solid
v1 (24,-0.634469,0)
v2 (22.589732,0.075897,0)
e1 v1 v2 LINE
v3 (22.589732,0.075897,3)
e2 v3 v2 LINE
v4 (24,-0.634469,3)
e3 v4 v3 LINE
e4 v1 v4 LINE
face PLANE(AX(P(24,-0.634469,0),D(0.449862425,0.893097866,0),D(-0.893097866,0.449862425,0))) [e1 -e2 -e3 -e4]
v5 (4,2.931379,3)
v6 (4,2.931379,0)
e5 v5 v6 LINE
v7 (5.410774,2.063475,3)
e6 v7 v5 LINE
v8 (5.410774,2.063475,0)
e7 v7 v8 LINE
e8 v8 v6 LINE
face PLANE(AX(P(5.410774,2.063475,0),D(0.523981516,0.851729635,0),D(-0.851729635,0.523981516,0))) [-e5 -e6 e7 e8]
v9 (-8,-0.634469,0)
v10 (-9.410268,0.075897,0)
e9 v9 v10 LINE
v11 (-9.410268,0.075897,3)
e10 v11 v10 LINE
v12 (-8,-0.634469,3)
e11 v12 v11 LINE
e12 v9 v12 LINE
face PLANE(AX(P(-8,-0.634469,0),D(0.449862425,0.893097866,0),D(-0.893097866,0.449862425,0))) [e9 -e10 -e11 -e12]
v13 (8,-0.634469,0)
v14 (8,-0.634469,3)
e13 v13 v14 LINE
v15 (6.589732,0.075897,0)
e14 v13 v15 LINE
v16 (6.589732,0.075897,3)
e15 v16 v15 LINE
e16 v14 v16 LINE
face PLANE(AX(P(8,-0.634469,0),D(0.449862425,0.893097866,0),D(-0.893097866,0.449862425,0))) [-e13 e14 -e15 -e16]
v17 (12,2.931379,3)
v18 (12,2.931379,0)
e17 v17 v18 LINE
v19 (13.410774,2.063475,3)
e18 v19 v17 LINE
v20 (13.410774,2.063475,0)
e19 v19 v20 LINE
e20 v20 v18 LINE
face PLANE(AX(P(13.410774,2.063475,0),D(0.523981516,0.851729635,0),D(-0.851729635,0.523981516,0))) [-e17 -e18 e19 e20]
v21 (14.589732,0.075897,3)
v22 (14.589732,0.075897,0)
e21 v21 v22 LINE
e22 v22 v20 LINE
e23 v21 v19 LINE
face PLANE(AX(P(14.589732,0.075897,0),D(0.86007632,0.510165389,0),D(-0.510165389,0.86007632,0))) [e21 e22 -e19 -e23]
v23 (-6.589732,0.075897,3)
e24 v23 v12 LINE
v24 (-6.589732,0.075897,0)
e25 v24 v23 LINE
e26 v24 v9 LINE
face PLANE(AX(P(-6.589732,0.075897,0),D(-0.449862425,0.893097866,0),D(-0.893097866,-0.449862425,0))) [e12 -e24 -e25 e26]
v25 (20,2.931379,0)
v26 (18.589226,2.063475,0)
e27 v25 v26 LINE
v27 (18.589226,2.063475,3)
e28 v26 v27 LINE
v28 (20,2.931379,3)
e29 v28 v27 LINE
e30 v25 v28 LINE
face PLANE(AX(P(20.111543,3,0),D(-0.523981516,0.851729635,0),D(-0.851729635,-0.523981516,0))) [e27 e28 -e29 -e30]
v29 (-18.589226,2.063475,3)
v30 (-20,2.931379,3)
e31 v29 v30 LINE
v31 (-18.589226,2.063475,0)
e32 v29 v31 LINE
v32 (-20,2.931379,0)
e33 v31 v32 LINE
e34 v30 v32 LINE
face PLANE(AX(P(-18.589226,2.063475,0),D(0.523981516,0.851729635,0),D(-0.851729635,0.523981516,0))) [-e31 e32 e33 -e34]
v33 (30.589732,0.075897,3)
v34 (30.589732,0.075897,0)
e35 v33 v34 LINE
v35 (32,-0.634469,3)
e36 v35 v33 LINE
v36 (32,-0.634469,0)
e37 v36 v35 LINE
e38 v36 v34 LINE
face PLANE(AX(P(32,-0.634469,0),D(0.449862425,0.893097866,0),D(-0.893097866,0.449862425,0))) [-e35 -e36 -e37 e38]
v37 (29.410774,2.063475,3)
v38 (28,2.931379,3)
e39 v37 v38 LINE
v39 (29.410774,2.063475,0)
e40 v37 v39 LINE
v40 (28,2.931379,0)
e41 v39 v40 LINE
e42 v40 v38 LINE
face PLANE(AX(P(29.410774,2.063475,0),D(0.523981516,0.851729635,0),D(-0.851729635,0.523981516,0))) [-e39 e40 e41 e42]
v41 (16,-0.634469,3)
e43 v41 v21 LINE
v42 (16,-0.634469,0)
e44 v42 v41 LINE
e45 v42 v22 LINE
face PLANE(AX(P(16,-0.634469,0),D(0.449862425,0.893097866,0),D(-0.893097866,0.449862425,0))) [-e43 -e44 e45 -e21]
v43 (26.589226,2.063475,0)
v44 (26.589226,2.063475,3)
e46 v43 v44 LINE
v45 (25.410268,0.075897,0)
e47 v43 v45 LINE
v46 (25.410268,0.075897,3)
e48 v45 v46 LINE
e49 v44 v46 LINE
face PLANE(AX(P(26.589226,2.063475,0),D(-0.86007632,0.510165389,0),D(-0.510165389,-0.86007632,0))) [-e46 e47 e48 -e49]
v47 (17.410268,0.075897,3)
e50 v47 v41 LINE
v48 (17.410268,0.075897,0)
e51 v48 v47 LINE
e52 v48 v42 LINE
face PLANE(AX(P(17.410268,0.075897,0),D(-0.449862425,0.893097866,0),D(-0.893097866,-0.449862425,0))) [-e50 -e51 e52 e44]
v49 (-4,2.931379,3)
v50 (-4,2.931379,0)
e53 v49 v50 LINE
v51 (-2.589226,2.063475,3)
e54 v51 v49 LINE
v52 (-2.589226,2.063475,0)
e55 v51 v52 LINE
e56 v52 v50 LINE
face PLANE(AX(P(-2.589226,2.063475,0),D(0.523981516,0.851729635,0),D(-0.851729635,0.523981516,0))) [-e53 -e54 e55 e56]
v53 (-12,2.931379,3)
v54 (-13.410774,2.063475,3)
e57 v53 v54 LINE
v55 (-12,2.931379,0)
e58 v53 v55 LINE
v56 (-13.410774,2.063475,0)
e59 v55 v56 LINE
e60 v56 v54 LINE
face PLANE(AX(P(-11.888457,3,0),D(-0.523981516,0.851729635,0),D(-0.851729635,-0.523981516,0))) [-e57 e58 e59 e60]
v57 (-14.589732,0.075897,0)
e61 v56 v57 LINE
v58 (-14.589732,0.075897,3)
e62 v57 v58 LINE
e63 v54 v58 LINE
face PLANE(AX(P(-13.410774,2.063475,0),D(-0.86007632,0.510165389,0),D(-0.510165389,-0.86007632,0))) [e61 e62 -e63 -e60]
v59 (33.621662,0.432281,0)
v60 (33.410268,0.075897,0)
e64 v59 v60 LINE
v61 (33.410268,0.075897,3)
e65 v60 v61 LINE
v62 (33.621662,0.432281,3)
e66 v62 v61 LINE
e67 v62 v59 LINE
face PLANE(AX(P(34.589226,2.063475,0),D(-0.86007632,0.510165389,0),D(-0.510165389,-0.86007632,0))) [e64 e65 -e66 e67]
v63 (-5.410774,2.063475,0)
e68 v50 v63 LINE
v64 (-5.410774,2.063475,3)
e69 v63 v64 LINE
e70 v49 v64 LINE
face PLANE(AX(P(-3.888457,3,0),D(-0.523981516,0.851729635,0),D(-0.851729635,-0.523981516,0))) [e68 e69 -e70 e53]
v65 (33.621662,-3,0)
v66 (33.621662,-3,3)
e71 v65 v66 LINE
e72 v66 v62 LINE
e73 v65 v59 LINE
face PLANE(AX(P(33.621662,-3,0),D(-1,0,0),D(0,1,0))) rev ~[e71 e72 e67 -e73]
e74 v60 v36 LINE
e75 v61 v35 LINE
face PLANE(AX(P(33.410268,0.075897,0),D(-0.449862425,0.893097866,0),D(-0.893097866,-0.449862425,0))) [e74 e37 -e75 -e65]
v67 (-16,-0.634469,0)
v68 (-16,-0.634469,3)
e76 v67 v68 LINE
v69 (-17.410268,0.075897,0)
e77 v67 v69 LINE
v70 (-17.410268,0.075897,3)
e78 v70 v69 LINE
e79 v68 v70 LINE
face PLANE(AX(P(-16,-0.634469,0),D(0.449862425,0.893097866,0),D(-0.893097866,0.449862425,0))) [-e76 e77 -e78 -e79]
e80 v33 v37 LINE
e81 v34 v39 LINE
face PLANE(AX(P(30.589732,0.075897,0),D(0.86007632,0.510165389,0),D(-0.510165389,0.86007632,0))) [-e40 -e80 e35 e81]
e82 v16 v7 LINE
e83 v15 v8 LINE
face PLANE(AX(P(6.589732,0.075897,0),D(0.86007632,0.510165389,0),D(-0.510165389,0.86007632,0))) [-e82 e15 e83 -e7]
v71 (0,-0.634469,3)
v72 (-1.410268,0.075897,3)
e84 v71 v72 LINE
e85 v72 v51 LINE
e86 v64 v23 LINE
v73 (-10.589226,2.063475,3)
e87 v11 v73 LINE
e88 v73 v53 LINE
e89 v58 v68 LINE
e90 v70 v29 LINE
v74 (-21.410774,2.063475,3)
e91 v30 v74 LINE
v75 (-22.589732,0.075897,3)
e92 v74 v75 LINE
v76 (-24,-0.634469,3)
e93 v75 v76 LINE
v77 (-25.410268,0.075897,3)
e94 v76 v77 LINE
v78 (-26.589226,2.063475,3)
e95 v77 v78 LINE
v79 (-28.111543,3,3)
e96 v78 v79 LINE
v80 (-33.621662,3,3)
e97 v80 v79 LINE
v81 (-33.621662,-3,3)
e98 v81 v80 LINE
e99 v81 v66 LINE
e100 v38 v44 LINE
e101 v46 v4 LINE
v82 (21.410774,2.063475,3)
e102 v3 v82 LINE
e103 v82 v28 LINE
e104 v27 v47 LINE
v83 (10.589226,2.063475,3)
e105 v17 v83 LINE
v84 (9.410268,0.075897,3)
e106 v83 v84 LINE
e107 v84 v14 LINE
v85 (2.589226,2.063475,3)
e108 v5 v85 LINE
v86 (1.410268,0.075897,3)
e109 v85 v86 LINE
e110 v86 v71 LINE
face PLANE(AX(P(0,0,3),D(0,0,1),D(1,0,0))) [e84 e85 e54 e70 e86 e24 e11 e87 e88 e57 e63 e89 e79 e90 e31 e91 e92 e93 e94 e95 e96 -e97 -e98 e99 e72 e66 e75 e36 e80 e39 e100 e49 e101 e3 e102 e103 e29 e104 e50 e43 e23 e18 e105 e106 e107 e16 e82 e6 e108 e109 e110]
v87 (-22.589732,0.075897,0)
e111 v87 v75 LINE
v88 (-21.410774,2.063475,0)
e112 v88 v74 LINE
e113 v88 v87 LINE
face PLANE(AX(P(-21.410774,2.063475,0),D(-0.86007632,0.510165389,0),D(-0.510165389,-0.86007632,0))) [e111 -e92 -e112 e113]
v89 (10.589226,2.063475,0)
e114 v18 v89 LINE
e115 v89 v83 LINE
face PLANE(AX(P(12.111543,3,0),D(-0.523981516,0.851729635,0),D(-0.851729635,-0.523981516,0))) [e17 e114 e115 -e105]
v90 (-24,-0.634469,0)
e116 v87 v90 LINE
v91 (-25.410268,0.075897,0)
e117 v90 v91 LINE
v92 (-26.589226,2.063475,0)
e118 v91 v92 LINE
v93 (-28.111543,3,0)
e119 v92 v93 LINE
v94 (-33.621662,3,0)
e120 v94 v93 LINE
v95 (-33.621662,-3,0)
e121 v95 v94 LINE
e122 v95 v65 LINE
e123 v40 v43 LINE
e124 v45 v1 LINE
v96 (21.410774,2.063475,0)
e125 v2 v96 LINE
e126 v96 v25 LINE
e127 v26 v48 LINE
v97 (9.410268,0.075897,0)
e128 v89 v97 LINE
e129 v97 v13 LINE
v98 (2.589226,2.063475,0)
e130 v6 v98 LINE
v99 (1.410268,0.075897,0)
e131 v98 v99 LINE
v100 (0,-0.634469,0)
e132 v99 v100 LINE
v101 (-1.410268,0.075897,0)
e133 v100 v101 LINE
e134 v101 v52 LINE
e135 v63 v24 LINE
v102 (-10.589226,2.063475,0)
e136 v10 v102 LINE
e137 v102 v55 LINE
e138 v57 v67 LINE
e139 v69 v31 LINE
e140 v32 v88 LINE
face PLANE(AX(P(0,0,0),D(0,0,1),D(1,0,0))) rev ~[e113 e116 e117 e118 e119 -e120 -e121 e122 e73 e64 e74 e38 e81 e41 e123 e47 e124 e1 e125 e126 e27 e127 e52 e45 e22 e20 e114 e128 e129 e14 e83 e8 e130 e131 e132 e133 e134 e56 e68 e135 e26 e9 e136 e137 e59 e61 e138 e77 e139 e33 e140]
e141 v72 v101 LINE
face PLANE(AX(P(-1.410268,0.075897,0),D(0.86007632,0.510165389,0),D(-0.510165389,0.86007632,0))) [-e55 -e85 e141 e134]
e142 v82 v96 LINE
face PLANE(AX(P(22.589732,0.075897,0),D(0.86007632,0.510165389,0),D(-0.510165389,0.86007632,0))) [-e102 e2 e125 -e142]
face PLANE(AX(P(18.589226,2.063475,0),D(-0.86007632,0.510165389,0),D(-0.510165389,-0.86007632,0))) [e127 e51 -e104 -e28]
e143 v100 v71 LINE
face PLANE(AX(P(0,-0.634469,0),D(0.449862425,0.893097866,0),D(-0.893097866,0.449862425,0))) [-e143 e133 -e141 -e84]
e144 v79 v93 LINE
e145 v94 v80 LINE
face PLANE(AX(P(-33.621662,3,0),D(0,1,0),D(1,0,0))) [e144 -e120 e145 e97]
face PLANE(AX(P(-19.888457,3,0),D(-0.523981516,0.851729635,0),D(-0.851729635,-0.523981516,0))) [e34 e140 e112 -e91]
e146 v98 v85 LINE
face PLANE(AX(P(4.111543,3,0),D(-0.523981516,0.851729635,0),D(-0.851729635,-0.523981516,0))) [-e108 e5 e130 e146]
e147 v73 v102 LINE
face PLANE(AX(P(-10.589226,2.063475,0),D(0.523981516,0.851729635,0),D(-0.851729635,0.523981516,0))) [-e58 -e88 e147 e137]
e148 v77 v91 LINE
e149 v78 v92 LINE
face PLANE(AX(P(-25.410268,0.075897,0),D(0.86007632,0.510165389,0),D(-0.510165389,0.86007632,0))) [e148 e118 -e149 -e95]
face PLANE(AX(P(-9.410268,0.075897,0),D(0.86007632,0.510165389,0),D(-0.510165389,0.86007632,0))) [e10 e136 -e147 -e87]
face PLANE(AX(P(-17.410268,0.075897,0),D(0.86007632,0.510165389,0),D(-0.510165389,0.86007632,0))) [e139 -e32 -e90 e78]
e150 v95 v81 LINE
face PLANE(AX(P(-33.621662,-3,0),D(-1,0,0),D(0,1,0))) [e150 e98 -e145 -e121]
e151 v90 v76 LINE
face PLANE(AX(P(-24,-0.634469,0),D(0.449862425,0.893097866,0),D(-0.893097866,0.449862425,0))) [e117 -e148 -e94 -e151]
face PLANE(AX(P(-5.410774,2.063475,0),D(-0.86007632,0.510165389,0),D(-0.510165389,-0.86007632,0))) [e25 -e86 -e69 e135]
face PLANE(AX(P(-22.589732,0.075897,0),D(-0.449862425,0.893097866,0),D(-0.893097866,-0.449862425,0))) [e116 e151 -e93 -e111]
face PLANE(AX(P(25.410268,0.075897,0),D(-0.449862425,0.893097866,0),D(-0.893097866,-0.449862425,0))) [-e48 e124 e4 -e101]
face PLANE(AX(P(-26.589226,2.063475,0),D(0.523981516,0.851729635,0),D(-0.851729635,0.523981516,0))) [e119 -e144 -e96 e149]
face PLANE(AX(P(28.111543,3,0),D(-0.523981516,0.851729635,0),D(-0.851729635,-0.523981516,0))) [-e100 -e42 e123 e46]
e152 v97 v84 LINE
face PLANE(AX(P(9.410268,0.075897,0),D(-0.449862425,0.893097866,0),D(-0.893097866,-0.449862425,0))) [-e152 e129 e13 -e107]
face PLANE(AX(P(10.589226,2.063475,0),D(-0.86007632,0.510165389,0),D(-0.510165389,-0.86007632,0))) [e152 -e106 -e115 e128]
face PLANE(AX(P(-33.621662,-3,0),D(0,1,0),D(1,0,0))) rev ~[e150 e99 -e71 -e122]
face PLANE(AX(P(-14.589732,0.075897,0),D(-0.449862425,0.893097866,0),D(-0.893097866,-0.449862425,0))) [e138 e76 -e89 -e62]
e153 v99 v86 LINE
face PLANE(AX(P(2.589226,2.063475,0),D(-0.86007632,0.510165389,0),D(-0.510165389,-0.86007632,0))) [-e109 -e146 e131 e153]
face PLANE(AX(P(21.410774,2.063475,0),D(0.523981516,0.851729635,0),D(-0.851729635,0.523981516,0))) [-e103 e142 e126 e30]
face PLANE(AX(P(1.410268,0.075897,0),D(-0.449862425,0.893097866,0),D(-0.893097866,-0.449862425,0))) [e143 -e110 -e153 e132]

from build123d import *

# Parameters (mm, degrees)
SKETCH1_W            = 67.243323526
SKETCH1_H            = 6
BOSS_EXTRUDE1_DEPTH  = 3
CUT_EXTRUDE1_DEPTH   = 34.888289123
LPATTERN1_COUNT      = 4
LPATTERN1_PITCH      = 8
LPATTERN1_COUNT_DIR2 = 6
LPATTERN1_PITCH_DIR2 = 8


with BuildPart() as part:
    # Sketch1 → Boss-Extrude1 (new body)
    with BuildSketch(Plane.XY):
        Rectangle(SKETCH1_W, SKETCH1_H)
    extrude(amount=BOSS_EXTRUDE1_DEPTH)

    # Sketch2 → Cut-Extrude1 (cut, symmetric)
    with BuildSketch(Plane.XY):
        Polygon((0, -0.634469339), (-1.41026817, 0.075896996), (-2.589225858, 2.063475164), (-4.111542835, 3), (-4.981613855, 3.935817872), (0, 4.888597872), (4.981613855, 3.935817872), (4.111542835, 3), (2.589225858, 2.063475164), (1.41026817, 0.075896996), align=None)
    cut_extrude1 = extrude(amount=CUT_EXTRUDE1_DEPTH, both=True, mode=Mode.SUBTRACT)

    # LPattern1: Cut-Extrude1 4 × 6
    with Locations(*[Vector(-1, 0, 0) * (i * LPATTERN1_PITCH) + Vector(1, 0, 0) * (j * LPATTERN1_PITCH_DIR2) for i in range(LPATTERN1_COUNT) for j in range(LPATTERN1_COUNT_DIR2) if (i, j) != (0, 0)]):
        add(cut_extrude1, mode=Mode.SUBTRACT)


solid = part.part
